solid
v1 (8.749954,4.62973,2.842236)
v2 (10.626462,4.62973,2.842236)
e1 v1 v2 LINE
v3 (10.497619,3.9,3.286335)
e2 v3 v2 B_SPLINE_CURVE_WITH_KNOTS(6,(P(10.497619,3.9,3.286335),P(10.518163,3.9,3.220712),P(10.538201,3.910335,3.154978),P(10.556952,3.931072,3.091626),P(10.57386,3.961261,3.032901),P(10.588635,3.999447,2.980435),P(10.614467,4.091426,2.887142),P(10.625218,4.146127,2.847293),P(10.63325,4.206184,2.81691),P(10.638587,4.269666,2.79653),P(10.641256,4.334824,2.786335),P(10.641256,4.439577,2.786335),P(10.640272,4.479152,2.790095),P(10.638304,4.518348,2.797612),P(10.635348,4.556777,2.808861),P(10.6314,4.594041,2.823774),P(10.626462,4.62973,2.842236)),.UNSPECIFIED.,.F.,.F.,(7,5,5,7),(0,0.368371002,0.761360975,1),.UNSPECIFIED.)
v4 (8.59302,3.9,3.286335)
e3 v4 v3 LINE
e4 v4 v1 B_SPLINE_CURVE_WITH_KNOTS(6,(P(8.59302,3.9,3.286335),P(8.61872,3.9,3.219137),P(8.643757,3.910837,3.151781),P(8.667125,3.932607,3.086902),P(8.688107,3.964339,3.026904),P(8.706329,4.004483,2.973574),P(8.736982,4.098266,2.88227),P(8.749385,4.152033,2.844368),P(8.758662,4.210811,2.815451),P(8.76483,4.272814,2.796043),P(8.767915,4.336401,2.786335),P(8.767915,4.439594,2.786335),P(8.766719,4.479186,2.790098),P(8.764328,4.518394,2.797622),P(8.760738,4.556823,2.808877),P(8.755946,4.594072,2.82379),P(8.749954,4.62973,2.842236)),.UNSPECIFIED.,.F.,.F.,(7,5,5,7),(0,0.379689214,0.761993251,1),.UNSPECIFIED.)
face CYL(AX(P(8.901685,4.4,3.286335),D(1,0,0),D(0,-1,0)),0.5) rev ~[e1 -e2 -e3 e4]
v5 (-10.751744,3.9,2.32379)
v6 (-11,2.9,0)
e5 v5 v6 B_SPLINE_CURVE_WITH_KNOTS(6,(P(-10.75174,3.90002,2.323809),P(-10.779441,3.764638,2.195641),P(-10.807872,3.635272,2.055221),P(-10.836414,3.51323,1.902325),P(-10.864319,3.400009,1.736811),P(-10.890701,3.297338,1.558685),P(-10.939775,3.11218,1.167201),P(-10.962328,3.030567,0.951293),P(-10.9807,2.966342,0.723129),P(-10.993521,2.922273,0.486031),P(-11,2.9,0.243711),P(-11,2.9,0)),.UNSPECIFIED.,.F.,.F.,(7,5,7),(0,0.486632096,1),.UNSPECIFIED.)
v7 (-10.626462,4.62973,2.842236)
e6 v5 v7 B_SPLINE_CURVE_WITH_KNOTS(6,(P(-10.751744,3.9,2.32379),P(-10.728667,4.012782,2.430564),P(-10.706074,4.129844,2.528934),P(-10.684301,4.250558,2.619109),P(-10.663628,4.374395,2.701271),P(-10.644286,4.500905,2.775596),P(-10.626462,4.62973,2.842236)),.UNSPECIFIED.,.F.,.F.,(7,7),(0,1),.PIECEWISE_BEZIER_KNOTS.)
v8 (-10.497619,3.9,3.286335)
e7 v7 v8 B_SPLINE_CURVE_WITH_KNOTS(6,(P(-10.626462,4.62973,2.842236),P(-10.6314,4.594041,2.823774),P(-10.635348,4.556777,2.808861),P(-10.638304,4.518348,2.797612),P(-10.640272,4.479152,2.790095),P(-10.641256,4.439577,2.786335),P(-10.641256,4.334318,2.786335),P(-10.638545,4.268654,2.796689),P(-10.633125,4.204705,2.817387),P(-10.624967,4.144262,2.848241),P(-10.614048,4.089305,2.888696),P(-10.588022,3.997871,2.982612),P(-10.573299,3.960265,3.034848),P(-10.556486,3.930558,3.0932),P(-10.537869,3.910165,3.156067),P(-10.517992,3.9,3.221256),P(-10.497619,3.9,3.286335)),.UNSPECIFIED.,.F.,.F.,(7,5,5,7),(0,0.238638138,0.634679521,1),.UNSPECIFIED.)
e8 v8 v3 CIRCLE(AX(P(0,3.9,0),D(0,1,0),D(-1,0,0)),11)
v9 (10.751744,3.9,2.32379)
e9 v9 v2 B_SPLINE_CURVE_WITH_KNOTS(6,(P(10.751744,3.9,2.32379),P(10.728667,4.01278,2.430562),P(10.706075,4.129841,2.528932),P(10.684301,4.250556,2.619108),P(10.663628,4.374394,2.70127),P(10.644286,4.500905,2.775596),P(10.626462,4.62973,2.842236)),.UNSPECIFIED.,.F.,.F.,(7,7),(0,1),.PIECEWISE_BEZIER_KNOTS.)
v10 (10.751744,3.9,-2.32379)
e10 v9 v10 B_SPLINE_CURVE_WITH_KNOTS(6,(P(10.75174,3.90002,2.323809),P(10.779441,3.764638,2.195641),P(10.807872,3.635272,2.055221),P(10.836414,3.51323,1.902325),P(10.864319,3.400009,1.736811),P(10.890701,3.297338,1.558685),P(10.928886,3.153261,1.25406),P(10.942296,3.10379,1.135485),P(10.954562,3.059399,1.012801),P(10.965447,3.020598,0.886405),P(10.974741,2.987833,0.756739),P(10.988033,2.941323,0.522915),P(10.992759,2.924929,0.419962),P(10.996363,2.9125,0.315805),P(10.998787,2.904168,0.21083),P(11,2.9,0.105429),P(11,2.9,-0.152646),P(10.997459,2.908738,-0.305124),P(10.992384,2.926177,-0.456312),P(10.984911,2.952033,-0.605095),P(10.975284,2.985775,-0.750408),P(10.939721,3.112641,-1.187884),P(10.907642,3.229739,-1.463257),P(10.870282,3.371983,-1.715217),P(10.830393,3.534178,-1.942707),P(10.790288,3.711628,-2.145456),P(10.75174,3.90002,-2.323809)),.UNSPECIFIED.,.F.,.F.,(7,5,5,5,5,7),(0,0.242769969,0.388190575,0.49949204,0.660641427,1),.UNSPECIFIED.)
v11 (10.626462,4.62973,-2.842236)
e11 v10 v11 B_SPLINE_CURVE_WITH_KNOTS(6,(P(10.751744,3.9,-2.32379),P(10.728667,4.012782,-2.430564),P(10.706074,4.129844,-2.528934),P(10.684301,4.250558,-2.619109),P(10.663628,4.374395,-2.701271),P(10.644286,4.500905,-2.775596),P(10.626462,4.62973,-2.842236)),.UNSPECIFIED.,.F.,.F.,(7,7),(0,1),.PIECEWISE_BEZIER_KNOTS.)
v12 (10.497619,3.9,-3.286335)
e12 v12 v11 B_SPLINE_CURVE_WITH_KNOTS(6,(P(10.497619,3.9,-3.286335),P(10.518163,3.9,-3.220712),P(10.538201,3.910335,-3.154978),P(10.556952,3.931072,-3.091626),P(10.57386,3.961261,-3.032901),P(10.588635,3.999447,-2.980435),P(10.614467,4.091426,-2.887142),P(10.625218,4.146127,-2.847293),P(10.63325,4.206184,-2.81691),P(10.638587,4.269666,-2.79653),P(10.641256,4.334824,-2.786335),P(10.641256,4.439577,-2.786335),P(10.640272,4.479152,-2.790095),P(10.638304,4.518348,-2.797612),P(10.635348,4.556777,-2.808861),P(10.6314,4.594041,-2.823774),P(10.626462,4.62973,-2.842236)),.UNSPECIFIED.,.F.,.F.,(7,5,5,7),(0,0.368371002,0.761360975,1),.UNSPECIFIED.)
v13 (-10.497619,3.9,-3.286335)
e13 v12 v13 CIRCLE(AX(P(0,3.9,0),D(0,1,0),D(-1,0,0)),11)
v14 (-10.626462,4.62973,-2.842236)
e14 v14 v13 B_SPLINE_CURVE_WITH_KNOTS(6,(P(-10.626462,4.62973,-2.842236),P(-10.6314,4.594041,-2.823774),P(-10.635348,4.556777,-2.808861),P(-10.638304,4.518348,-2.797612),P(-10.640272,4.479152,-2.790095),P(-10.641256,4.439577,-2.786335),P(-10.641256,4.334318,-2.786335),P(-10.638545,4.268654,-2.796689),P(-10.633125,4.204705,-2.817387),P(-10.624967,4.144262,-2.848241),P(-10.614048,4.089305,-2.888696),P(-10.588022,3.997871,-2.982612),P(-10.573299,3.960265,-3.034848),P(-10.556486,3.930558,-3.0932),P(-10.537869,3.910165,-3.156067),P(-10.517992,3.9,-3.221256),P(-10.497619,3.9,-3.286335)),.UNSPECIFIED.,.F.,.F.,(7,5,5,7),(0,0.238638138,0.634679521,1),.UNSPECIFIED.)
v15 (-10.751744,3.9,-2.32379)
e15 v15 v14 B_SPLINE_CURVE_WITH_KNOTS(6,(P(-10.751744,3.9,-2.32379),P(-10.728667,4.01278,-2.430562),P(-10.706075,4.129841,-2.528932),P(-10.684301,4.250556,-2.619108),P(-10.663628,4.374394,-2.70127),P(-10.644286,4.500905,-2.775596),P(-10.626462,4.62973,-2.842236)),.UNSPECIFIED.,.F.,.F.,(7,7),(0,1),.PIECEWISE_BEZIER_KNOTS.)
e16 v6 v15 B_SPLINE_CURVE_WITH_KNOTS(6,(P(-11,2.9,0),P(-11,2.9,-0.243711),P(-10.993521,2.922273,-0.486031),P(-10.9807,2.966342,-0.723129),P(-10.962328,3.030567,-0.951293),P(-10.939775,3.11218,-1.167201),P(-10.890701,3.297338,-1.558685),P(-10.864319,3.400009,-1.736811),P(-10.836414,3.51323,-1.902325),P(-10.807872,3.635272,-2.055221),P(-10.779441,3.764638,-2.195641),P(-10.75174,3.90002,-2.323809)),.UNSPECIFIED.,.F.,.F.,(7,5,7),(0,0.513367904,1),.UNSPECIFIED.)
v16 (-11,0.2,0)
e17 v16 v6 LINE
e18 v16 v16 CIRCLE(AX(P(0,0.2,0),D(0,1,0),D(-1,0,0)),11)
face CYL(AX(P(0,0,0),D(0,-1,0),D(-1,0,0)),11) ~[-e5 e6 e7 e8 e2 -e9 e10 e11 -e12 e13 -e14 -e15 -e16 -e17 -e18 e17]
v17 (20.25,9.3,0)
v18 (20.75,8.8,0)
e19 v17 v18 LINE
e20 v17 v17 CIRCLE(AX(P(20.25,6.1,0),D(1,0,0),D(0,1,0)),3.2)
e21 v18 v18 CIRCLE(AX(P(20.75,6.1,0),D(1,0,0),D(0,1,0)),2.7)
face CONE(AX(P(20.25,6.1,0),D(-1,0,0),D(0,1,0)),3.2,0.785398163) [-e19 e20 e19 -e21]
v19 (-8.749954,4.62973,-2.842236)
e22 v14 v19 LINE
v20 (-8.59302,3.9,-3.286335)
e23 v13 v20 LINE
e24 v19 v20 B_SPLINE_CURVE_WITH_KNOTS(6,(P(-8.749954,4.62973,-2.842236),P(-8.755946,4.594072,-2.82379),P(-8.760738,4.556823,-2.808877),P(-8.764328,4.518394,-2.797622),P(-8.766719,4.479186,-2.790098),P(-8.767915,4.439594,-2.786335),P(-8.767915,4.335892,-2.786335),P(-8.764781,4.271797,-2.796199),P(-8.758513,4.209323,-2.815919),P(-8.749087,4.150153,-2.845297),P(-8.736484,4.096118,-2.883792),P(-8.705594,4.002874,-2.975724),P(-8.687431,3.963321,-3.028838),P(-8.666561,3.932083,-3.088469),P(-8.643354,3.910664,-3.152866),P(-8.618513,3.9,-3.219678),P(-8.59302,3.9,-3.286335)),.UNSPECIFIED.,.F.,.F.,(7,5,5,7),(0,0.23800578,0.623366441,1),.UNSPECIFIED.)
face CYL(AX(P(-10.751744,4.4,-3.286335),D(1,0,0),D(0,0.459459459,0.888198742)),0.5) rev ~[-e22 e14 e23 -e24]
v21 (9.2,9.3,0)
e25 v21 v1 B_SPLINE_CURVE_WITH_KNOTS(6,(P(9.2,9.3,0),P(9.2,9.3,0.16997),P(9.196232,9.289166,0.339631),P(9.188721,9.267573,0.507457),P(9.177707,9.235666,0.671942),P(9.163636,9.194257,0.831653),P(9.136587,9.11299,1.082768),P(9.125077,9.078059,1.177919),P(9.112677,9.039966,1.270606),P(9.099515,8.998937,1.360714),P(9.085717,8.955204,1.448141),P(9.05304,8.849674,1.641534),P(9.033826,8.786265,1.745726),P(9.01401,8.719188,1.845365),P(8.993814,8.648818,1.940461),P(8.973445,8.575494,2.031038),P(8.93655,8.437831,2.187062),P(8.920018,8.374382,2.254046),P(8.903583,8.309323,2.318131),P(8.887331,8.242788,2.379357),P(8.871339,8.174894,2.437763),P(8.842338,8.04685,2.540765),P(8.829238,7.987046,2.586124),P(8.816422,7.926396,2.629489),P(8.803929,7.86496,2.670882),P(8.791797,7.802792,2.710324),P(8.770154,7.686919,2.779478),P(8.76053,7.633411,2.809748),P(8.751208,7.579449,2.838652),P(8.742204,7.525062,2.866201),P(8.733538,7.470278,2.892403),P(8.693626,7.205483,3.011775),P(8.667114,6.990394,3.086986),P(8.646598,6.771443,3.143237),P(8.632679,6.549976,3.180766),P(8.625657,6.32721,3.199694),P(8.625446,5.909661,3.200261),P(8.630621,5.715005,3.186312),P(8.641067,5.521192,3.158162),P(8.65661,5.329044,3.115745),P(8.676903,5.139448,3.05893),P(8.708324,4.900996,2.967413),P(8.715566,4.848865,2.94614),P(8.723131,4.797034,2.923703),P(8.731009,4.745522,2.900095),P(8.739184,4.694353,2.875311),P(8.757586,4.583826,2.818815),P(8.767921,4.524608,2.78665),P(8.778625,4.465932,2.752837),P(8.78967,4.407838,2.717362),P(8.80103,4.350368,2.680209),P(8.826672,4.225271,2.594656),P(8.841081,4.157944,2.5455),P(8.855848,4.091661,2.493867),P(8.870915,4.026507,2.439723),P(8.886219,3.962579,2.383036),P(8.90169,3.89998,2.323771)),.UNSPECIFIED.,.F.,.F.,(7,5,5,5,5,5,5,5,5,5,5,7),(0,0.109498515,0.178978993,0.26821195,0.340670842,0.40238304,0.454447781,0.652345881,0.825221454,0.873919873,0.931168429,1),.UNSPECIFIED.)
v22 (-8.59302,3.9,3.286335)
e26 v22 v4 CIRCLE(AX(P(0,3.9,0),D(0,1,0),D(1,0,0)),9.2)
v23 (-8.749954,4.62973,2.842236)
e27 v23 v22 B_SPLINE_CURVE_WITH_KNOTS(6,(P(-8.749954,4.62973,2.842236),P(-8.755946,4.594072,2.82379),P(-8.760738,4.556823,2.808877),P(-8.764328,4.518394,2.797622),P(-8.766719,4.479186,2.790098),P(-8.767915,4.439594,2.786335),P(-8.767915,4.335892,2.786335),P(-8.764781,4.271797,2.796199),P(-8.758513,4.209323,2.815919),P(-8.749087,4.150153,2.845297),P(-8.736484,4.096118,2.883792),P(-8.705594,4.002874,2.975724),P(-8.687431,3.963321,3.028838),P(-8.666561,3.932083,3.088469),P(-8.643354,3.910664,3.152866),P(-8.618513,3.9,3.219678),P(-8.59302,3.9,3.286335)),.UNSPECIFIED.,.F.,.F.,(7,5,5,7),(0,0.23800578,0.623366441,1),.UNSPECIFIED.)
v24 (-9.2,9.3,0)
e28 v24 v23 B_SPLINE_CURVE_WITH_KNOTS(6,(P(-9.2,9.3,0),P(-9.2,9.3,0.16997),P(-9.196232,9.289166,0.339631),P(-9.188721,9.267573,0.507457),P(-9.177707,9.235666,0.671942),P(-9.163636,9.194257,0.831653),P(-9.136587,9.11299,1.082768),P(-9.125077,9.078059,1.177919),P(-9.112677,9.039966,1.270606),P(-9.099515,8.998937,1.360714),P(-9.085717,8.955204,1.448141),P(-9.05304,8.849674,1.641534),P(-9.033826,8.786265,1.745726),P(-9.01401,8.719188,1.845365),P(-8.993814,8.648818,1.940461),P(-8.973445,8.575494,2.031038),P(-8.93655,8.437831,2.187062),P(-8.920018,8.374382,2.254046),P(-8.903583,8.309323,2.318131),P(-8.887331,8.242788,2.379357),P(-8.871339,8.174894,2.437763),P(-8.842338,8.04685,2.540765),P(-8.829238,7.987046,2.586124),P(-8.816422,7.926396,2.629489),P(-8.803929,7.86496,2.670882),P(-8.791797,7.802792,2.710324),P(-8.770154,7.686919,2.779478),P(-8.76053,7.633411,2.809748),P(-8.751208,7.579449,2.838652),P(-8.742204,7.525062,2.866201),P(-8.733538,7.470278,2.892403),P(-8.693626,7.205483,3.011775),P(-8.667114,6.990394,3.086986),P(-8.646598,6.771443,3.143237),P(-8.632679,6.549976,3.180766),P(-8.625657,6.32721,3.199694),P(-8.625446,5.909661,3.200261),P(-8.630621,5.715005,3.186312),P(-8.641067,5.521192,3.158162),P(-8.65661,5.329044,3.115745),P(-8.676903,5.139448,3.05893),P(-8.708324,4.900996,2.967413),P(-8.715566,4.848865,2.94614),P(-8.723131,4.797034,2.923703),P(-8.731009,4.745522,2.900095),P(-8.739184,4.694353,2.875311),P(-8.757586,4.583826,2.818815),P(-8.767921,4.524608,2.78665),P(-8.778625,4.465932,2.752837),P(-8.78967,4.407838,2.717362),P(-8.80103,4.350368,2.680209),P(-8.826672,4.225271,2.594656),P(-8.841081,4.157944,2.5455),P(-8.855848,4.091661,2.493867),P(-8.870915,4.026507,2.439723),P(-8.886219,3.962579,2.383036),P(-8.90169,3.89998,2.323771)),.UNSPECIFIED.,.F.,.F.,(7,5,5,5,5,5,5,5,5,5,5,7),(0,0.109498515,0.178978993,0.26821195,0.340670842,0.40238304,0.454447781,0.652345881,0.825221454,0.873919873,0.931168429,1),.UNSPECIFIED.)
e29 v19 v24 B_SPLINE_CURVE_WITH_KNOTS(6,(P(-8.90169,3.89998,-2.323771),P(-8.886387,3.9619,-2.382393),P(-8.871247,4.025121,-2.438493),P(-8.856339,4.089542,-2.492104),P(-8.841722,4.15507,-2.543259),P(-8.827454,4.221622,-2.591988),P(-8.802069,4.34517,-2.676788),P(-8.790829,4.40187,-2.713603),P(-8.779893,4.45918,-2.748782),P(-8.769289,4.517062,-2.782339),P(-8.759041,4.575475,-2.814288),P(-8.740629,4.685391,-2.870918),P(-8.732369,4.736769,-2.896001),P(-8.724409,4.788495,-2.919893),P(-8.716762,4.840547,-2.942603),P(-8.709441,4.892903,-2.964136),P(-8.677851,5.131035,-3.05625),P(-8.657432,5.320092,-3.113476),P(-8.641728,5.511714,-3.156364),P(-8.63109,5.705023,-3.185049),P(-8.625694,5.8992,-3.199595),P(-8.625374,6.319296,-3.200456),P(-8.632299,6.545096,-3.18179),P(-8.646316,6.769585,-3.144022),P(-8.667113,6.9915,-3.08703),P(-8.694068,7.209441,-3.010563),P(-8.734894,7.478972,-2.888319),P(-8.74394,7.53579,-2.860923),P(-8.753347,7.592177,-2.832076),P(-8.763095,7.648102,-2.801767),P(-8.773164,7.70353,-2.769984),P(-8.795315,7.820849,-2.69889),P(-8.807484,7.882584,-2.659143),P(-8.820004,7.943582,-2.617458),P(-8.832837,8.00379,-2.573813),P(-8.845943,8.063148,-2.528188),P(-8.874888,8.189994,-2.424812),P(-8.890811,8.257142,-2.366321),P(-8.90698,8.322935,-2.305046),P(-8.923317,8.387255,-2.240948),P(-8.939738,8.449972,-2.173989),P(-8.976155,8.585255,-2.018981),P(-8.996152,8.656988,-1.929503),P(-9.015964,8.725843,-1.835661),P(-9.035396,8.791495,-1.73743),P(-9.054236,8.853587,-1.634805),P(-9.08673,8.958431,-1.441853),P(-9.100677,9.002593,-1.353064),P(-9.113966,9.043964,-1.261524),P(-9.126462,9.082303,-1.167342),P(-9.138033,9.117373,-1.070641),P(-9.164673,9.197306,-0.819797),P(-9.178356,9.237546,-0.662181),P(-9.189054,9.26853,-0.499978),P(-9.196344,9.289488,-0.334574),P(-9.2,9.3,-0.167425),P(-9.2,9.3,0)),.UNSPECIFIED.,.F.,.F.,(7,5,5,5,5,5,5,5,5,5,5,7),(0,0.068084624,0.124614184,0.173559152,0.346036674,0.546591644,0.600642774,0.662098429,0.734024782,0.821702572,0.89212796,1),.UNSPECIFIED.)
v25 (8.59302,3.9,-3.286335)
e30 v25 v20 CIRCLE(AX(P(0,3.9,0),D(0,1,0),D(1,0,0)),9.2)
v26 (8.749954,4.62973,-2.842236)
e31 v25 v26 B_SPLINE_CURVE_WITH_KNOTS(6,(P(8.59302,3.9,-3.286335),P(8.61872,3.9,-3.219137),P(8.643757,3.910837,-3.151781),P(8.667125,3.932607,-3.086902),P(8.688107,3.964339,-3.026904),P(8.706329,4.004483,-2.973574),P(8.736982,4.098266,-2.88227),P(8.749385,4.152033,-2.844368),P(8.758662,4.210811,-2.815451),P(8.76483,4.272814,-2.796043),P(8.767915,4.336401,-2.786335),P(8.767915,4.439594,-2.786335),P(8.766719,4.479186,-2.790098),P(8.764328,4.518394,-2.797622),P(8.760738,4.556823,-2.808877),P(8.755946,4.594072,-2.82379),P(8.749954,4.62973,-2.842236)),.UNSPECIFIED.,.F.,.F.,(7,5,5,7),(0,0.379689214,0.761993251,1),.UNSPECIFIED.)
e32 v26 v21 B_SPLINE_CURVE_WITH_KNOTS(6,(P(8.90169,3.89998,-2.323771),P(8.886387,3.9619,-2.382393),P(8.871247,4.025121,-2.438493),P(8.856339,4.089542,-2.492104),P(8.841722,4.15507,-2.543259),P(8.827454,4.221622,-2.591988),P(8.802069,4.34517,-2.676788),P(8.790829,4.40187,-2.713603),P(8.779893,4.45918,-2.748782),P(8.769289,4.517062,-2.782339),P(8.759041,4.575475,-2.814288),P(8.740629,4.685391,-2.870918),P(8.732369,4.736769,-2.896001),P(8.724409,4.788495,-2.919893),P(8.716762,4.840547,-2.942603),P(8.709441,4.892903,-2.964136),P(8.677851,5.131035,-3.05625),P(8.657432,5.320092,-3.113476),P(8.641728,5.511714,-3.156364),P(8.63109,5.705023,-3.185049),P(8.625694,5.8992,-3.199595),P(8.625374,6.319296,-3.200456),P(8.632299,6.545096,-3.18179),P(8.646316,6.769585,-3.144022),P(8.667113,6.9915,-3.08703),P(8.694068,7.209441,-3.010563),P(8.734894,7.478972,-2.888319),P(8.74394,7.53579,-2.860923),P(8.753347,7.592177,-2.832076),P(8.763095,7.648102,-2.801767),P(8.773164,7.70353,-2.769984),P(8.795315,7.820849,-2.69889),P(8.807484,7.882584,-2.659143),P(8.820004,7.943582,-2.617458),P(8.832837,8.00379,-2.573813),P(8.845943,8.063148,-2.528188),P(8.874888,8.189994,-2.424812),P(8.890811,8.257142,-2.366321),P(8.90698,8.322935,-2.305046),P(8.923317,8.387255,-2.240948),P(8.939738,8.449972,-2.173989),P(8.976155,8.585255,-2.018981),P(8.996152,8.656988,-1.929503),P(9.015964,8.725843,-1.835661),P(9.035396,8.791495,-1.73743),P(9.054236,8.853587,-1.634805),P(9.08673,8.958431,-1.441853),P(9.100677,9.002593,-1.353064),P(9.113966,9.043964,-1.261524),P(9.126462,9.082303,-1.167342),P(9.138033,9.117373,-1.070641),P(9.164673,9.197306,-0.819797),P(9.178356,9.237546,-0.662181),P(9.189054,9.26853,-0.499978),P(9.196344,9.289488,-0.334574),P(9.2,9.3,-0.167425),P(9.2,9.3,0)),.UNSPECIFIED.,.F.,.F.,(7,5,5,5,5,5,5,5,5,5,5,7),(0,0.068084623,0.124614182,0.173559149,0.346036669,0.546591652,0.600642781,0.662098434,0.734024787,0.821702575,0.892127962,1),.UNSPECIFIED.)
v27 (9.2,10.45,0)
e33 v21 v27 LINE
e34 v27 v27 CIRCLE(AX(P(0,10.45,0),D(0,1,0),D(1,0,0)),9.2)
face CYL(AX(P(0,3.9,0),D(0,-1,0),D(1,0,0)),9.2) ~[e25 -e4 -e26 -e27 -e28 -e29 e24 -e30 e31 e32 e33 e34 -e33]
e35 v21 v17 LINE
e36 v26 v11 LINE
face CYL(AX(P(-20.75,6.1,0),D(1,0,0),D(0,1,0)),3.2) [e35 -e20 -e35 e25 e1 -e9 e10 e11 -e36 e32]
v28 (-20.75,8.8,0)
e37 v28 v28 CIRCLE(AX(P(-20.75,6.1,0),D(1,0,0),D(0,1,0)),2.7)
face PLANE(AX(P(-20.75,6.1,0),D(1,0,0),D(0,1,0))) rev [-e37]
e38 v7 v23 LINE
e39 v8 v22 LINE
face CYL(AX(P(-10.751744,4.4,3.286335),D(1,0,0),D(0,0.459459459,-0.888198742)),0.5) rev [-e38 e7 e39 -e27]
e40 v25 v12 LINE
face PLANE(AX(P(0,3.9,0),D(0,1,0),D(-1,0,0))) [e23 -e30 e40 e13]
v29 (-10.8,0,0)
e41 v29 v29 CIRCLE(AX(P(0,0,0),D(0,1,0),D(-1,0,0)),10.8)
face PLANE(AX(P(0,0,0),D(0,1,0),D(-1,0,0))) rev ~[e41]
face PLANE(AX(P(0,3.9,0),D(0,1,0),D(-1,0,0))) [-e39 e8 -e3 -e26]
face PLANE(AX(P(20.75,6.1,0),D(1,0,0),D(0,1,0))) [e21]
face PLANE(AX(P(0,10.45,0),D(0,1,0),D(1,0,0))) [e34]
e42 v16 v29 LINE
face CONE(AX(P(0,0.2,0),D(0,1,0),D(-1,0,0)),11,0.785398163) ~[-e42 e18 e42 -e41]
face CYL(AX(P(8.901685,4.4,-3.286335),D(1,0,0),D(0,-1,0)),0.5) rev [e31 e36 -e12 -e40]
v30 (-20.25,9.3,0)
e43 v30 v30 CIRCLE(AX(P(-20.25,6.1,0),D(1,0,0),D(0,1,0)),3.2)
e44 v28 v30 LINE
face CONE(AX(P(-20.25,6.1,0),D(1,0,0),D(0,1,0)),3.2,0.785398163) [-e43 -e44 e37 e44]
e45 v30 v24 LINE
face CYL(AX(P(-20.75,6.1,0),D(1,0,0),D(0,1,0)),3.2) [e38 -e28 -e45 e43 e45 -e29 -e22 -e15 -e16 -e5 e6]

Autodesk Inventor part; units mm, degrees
ref_plane "YZ Plane" through (0, 0, 0) normal (1, 0, 0) x (0, 1, 0)
ref_plane "XZ Plane" through (0, 0, 0) normal (0, 1, 0) x (-1, 0, 0)
ref_plane "XY Plane" through (0, 0, 0) normal (0, 0, 1) x (1, 0, 0)
sketch "Sketch1" plane through (0, 0, 0) normal (0, 1, 0) x (-1, 0, 0)
  circle A0 centre (0, 0) radius 11
  dimension "d0" = 22
extrude "Extrusion1" add sketch "Sketch1" along normal blind 3.9
sketch "Sketch2" plane through (0, 3.9, 0) normal (0, 1, 0) x (1, 0, 0)
  circle A0 centre (0, 0) radius 9.2
  dimension "d3" = 18.4
extrude "Extrusion2" add sketch "Sketch2" along normal blind 6.55
sketch "Sketch3" plane through (0, 0, 0) normal (0, 0, 1) x (1, 0, 0)
  line L0 (18.8479, 6.1) -> (-23.7231, 6.1)
  line L1 (11, 0) -> (-11, 0) projected
  line L2 (20.75, 6.1) -> (-20.75, 6.1)
  line L3 (-20.75, 6.1) -> (-20.75, 9.3)
  line L4 (-20.75, 9.3) -> (20.75, 9.3)
  line L5 (20.75, 9.3) -> (20.75, 6.1)
  line L6 (9.2, 10.45) -> (-9.2, 10.45) construction
  line L7 (0, 10.45) -> (0, -1.5119) construction
  point P0 (0, 0)
  point P1 (0, 9.3)
  dimension "d6" = 6.1
  dimension "d7" = 41.5
  dimension "d8" = 3.2
revolve "Revolution1" add sketch "Sketch3" angle 360 about axis through (18.8479, 6.1, 0) along (1, 0, 0)
chamfer "Chamfer1" distance 0.5 angle 45 2 edges at (-20.75, 2.9, 0) (20.75, 2.9, 0)
fillet "Fillet1" radius 0.5 4 edges at (9.8267, 3.9, 2.3238) (9.8267, 3.9, -2.3238) (-9.8267, 3.9, 2.3238) (-9.8267, 3.9, -2.3238)
chamfer "Chamfer2" distance 0.2 angle 45 1 edges at (11, 0, 0)
properties part number "EChem _S200 Cap Top"
